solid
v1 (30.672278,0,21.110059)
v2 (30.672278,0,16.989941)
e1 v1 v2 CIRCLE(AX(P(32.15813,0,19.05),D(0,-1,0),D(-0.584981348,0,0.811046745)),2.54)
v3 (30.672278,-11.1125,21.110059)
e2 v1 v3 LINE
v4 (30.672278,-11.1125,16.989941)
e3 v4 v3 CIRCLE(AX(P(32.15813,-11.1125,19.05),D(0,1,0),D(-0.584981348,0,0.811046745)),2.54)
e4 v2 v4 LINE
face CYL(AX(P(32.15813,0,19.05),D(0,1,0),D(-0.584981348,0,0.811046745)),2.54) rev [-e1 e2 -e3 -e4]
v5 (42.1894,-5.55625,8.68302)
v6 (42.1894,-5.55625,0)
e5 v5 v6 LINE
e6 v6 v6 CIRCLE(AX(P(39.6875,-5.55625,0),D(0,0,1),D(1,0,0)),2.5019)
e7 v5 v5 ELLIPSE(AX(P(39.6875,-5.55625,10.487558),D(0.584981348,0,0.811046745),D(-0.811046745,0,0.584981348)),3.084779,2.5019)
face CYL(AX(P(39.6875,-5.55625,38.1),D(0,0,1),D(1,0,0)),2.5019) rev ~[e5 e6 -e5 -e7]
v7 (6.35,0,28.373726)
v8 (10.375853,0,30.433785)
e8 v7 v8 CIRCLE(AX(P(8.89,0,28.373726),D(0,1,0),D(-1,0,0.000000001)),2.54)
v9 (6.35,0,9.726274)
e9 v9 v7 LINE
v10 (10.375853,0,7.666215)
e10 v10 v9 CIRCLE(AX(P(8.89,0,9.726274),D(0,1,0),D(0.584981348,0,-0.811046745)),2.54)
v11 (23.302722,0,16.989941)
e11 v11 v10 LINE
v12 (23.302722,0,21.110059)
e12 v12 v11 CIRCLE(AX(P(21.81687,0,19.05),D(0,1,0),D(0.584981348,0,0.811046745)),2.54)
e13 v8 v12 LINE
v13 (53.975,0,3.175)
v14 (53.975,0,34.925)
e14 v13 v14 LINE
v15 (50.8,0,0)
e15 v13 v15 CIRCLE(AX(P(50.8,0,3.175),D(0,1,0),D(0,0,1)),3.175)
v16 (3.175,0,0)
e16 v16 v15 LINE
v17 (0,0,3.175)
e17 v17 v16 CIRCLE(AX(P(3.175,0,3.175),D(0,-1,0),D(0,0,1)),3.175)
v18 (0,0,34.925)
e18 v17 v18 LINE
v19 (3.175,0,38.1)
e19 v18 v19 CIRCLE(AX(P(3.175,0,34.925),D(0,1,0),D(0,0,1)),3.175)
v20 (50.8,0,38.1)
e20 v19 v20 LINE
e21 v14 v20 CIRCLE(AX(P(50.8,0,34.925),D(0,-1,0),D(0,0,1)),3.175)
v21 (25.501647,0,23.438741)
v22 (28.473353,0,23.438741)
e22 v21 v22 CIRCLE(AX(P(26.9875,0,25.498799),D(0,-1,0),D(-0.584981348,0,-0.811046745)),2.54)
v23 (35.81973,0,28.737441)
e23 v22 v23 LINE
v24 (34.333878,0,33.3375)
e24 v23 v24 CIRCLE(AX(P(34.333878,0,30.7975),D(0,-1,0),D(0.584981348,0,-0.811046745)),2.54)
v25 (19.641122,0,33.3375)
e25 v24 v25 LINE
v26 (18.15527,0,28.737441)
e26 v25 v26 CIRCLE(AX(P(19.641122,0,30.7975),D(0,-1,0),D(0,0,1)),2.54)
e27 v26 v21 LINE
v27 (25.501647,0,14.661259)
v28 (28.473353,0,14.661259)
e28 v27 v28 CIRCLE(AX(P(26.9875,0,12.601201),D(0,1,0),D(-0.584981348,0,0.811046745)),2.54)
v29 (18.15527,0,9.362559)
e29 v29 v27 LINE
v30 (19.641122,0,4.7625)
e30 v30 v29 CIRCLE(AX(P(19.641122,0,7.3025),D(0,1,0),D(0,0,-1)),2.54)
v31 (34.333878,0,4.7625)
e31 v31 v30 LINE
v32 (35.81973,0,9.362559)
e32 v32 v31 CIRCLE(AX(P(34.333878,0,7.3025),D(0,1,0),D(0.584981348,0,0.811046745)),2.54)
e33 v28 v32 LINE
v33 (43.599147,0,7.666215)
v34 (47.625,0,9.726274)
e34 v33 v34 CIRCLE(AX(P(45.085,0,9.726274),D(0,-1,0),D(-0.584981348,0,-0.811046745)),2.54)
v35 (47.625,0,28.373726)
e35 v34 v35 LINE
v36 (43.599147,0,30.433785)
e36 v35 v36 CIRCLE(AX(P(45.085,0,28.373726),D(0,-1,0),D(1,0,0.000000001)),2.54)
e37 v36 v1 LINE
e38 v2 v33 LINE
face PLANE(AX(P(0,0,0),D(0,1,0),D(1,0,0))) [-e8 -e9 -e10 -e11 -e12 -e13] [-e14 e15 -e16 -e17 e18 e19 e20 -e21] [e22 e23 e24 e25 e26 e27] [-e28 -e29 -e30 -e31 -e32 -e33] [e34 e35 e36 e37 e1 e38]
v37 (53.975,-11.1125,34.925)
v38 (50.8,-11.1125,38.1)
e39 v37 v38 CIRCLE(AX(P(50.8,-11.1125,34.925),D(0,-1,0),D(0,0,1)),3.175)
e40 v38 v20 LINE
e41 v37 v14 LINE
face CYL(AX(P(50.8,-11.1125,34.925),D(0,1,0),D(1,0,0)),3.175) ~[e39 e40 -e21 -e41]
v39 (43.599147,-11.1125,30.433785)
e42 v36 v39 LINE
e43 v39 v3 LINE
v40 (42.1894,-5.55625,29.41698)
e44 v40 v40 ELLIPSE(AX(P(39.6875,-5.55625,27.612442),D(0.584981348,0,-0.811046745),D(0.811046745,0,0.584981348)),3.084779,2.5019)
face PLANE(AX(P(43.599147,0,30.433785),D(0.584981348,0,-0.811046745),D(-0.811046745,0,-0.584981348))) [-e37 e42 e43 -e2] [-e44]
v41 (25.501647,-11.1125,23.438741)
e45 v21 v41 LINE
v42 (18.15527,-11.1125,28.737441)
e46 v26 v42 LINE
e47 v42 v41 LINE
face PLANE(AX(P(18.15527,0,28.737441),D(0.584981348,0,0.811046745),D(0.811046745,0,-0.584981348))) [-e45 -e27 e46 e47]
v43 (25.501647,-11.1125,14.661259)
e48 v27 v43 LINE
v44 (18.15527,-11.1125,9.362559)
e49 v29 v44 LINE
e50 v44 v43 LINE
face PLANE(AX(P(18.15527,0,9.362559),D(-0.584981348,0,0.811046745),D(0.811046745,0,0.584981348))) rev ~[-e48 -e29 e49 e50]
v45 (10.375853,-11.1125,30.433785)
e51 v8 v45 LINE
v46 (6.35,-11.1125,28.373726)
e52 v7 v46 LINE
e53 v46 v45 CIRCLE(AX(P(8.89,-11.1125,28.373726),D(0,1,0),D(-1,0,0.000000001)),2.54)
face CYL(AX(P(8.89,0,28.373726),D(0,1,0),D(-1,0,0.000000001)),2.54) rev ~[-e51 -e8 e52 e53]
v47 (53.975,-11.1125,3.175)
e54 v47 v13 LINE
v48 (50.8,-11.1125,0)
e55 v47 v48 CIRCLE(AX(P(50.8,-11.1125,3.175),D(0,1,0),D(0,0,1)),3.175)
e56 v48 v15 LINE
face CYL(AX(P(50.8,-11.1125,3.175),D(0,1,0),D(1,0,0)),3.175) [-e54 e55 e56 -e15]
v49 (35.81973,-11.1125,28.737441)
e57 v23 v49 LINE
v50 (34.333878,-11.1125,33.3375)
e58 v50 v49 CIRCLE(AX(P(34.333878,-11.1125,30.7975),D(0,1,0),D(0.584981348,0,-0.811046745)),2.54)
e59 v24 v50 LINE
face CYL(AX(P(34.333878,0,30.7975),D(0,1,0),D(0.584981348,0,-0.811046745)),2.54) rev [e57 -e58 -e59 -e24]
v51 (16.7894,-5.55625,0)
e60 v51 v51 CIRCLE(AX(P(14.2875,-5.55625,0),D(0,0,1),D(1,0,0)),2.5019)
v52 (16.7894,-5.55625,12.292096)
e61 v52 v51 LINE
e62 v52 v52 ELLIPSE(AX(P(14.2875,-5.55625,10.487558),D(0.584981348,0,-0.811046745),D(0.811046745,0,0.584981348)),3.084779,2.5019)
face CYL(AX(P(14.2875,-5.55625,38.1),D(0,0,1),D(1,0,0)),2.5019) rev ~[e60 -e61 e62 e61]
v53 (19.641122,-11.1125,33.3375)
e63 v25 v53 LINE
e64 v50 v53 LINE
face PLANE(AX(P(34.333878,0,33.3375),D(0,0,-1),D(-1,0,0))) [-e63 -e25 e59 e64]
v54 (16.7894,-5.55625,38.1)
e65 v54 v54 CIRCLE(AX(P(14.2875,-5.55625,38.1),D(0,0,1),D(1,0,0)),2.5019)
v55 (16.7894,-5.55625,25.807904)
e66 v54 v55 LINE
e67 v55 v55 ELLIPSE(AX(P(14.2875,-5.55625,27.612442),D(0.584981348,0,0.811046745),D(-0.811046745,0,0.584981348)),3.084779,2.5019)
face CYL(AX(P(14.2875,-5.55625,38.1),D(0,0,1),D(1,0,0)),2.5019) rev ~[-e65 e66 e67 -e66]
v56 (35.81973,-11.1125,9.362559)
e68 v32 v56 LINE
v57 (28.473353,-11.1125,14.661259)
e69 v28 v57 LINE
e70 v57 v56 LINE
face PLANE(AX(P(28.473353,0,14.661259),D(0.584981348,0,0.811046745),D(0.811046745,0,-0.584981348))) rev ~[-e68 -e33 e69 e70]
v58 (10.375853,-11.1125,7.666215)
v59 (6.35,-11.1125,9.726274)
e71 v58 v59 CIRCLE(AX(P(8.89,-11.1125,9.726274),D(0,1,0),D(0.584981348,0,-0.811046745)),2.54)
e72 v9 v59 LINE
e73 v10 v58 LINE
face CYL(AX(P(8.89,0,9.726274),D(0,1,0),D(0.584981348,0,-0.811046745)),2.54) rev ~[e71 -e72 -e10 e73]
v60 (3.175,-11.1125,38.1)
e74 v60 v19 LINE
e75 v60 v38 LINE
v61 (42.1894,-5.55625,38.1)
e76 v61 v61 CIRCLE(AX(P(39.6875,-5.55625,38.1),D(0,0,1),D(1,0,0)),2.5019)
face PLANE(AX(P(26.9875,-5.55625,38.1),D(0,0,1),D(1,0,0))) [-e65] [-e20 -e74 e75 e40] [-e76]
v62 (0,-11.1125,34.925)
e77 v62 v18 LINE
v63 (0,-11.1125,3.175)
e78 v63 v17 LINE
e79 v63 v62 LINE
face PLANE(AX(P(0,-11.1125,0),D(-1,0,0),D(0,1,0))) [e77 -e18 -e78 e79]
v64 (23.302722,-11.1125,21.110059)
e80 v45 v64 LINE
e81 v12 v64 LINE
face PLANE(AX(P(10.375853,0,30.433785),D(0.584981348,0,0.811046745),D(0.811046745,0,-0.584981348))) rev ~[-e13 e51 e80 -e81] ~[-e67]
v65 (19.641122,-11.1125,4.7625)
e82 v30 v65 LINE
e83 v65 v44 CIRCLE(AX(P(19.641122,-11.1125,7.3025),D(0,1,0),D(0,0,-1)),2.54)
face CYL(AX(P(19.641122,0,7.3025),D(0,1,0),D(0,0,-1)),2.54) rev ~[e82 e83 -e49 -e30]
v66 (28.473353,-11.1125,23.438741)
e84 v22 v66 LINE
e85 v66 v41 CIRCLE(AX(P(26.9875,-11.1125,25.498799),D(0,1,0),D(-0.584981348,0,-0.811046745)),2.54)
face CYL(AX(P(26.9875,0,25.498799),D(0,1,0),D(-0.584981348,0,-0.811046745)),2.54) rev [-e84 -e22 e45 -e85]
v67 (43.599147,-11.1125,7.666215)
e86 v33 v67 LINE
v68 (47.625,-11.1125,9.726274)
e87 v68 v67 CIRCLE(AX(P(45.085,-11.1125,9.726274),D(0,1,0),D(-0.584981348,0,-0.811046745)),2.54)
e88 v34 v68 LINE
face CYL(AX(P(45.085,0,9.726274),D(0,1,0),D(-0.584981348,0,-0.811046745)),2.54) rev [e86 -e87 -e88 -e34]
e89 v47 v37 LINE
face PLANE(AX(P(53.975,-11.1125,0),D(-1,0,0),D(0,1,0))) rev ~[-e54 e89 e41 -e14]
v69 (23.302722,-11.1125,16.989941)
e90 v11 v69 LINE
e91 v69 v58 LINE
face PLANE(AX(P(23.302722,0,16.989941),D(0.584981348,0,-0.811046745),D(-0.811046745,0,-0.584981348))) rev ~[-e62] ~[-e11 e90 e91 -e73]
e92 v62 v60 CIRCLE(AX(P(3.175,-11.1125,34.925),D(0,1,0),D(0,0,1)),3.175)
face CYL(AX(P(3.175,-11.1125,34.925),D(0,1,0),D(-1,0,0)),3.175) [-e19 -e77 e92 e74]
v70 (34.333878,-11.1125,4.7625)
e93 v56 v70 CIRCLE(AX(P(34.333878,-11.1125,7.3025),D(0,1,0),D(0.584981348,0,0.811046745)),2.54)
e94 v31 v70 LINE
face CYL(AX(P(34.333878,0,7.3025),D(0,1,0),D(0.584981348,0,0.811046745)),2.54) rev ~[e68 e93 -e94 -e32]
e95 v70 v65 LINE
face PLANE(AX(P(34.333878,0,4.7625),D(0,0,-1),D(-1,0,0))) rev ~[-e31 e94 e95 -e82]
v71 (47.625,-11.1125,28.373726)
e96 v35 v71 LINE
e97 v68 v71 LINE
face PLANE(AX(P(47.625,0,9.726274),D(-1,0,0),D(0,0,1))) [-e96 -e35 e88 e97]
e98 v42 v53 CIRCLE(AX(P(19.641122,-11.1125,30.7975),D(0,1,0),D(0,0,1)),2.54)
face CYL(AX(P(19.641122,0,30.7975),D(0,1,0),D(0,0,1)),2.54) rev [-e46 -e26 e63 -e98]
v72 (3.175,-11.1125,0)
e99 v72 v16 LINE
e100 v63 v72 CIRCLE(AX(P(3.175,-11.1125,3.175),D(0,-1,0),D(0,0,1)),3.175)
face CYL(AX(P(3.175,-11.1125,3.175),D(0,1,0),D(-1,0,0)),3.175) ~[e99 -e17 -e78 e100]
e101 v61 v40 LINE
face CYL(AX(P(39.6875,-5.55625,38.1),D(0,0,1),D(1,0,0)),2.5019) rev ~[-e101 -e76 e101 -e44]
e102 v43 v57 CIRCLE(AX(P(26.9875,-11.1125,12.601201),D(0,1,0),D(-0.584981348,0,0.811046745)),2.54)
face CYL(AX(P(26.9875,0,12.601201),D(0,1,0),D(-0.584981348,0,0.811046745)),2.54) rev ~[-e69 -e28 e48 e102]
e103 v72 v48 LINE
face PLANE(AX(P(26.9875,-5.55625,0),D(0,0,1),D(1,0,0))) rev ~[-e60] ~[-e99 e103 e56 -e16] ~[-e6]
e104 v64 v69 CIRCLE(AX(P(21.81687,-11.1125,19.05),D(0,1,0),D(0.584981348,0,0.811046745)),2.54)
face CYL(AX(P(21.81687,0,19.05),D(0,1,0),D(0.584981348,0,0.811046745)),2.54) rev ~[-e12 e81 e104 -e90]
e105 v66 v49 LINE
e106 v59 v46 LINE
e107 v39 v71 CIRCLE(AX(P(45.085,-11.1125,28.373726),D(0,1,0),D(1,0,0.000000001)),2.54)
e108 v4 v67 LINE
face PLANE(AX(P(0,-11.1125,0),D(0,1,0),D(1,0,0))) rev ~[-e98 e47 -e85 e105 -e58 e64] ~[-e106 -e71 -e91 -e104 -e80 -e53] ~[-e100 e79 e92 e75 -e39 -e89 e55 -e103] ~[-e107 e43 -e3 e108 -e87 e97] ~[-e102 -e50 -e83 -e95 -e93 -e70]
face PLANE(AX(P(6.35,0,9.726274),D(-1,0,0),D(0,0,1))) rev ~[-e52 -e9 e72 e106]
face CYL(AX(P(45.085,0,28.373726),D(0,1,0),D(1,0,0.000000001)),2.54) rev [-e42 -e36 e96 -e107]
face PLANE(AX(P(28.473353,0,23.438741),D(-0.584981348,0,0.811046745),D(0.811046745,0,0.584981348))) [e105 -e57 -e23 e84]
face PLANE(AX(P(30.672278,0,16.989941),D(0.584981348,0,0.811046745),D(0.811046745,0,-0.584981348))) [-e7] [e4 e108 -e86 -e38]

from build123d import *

# Parameters (mm, degrees)
SKETCH1_W           = 53.975
SKETCH1_H           = 11.1125
BOSS_EXTRUDE1_DEPTH = 38.1
FILLET1_R           = 3.175
CUT_EXTRUDE1_DEPTH  = 67.995509411
SKETCH3_R           = 2.5019
CUT_EXTRUDE2_DEPTH  = 38.1


with BuildPart() as part:
    # Sketch1 → Boss-Extrude1 (new body)
    with BuildSketch(Plane.XY):
        with Locations((26.9875, -5.55625)):
            Rectangle(SKETCH1_W, SKETCH1_H)
    extrude(amount=BOSS_EXTRUDE1_DEPTH)

    # Fillet1
    fillet1_edges = [part.edges().sort_by_distance(p)[0] for p in [
        (0, -5.55625, 38.1),
        (0, -5.55625, 0),
        (53.975, -5.55625, 0),
        (53.975, -5.55625, 38.1),
    ]]
    fillet(fillet1_edges, radius=FILLET1_R)

    # Sketch2 → Cut-Extrude1 (cut, through all)
    with BuildSketch(Plane(origin=(0, 0, 0), x_dir=(1, 0, 0), z_dir=(0, 1, 0))):
        with BuildLine():
            Line((6.35, -9.726273849), (6.35, -28.373726151))
            ThreePointArc((6.35, -28.373726151), (7.732948935, -30.63488356), (10.375852624, -30.433784883))
            Line((10.375852624, -30.433784883), (23.302722469, -21.110058732))
            ThreePointArc((23.302722469, -21.110058732), (24.356869845, -19.05), (23.302722469, -16.989941268))
            Line((23.302722469, -16.989941268), (10.375852624, -7.666215117))
            ThreePointArc((10.375852624, -7.666215117), (7.732948935, -7.46511644), (6.35, -9.726273849))
        make_face()
        with BuildLine():
            Line((18.155269838, -9.362558732), (25.501647376, -14.661259283))
            ThreePointArc((25.501647376, -14.661259283), (26.9875, -15.141200551), (28.473352624, -14.661259283))
            Line((28.473352624, -14.661259283), (35.819730162, -9.362558732))
            ThreePointArc((35.819730162, -9.362558732), (36.750915931, -6.521778917), (34.333877539, -4.7625))
            Line((34.333877539, -4.7625), (19.641122461, -4.7625))
            ThreePointArc((19.641122461, -4.7625), (17.224084069, -6.521778917), (18.155269838, -9.362558732))
        make_face()
        with BuildLine():
            Line((18.155269838, -28.737441268), (25.501647376, -23.438740717))
            ThreePointArc((25.501647376, -23.438740717), (26.9875, -22.958799449), (28.473352624, -23.438740717))
            Line((28.473352624, -23.438740717), (35.819730162, -28.737441268))
            ThreePointArc((35.819730162, -28.737441268), (36.750915931, -31.578221083), (34.333877539, -33.3375))
            Line((34.333877539, -33.3375), (19.641122461, -33.3375))
            ThreePointArc((19.641122461, -33.3375), (17.224084069, -31.578221083), (18.155269838, -28.737441268))
        make_face()
        with BuildLine():
            Line((47.625, -9.726273849), (47.625, -28.373726151))
            ThreePointArc((47.625, -28.373726151), (46.242051065, -30.63488356), (43.599147376, -30.433784883))
            Line((43.599147376, -30.433784883), (30.672277531, -21.110058732))
            ThreePointArc((30.672277531, -21.110058732), (29.618130155, -19.05), (30.672277531, -16.989941268))
            Line((30.672277531, -16.989941268), (43.599147376, -7.666215117))
            ThreePointArc((43.599147376, -7.666215117), (46.242051065, -7.46511644), (47.625, -9.726273849))
        make_face()
    extrude(amount=-CUT_EXTRUDE1_DEPTH, mode=Mode.SUBTRACT)

    # Sketch3 → Cut-Extrude2 (cut)
    with BuildSketch(Plane.XY.offset(38.1)):
        with Locations((14.2875, -5.55625)):
            Circle(SKETCH3_R)
        with Locations((39.6875, -5.55625)):
            Circle(SKETCH3_R)
    extrude(amount=-CUT_EXTRUDE2_DEPTH, mode=Mode.SUBTRACT)


solid = part.part
